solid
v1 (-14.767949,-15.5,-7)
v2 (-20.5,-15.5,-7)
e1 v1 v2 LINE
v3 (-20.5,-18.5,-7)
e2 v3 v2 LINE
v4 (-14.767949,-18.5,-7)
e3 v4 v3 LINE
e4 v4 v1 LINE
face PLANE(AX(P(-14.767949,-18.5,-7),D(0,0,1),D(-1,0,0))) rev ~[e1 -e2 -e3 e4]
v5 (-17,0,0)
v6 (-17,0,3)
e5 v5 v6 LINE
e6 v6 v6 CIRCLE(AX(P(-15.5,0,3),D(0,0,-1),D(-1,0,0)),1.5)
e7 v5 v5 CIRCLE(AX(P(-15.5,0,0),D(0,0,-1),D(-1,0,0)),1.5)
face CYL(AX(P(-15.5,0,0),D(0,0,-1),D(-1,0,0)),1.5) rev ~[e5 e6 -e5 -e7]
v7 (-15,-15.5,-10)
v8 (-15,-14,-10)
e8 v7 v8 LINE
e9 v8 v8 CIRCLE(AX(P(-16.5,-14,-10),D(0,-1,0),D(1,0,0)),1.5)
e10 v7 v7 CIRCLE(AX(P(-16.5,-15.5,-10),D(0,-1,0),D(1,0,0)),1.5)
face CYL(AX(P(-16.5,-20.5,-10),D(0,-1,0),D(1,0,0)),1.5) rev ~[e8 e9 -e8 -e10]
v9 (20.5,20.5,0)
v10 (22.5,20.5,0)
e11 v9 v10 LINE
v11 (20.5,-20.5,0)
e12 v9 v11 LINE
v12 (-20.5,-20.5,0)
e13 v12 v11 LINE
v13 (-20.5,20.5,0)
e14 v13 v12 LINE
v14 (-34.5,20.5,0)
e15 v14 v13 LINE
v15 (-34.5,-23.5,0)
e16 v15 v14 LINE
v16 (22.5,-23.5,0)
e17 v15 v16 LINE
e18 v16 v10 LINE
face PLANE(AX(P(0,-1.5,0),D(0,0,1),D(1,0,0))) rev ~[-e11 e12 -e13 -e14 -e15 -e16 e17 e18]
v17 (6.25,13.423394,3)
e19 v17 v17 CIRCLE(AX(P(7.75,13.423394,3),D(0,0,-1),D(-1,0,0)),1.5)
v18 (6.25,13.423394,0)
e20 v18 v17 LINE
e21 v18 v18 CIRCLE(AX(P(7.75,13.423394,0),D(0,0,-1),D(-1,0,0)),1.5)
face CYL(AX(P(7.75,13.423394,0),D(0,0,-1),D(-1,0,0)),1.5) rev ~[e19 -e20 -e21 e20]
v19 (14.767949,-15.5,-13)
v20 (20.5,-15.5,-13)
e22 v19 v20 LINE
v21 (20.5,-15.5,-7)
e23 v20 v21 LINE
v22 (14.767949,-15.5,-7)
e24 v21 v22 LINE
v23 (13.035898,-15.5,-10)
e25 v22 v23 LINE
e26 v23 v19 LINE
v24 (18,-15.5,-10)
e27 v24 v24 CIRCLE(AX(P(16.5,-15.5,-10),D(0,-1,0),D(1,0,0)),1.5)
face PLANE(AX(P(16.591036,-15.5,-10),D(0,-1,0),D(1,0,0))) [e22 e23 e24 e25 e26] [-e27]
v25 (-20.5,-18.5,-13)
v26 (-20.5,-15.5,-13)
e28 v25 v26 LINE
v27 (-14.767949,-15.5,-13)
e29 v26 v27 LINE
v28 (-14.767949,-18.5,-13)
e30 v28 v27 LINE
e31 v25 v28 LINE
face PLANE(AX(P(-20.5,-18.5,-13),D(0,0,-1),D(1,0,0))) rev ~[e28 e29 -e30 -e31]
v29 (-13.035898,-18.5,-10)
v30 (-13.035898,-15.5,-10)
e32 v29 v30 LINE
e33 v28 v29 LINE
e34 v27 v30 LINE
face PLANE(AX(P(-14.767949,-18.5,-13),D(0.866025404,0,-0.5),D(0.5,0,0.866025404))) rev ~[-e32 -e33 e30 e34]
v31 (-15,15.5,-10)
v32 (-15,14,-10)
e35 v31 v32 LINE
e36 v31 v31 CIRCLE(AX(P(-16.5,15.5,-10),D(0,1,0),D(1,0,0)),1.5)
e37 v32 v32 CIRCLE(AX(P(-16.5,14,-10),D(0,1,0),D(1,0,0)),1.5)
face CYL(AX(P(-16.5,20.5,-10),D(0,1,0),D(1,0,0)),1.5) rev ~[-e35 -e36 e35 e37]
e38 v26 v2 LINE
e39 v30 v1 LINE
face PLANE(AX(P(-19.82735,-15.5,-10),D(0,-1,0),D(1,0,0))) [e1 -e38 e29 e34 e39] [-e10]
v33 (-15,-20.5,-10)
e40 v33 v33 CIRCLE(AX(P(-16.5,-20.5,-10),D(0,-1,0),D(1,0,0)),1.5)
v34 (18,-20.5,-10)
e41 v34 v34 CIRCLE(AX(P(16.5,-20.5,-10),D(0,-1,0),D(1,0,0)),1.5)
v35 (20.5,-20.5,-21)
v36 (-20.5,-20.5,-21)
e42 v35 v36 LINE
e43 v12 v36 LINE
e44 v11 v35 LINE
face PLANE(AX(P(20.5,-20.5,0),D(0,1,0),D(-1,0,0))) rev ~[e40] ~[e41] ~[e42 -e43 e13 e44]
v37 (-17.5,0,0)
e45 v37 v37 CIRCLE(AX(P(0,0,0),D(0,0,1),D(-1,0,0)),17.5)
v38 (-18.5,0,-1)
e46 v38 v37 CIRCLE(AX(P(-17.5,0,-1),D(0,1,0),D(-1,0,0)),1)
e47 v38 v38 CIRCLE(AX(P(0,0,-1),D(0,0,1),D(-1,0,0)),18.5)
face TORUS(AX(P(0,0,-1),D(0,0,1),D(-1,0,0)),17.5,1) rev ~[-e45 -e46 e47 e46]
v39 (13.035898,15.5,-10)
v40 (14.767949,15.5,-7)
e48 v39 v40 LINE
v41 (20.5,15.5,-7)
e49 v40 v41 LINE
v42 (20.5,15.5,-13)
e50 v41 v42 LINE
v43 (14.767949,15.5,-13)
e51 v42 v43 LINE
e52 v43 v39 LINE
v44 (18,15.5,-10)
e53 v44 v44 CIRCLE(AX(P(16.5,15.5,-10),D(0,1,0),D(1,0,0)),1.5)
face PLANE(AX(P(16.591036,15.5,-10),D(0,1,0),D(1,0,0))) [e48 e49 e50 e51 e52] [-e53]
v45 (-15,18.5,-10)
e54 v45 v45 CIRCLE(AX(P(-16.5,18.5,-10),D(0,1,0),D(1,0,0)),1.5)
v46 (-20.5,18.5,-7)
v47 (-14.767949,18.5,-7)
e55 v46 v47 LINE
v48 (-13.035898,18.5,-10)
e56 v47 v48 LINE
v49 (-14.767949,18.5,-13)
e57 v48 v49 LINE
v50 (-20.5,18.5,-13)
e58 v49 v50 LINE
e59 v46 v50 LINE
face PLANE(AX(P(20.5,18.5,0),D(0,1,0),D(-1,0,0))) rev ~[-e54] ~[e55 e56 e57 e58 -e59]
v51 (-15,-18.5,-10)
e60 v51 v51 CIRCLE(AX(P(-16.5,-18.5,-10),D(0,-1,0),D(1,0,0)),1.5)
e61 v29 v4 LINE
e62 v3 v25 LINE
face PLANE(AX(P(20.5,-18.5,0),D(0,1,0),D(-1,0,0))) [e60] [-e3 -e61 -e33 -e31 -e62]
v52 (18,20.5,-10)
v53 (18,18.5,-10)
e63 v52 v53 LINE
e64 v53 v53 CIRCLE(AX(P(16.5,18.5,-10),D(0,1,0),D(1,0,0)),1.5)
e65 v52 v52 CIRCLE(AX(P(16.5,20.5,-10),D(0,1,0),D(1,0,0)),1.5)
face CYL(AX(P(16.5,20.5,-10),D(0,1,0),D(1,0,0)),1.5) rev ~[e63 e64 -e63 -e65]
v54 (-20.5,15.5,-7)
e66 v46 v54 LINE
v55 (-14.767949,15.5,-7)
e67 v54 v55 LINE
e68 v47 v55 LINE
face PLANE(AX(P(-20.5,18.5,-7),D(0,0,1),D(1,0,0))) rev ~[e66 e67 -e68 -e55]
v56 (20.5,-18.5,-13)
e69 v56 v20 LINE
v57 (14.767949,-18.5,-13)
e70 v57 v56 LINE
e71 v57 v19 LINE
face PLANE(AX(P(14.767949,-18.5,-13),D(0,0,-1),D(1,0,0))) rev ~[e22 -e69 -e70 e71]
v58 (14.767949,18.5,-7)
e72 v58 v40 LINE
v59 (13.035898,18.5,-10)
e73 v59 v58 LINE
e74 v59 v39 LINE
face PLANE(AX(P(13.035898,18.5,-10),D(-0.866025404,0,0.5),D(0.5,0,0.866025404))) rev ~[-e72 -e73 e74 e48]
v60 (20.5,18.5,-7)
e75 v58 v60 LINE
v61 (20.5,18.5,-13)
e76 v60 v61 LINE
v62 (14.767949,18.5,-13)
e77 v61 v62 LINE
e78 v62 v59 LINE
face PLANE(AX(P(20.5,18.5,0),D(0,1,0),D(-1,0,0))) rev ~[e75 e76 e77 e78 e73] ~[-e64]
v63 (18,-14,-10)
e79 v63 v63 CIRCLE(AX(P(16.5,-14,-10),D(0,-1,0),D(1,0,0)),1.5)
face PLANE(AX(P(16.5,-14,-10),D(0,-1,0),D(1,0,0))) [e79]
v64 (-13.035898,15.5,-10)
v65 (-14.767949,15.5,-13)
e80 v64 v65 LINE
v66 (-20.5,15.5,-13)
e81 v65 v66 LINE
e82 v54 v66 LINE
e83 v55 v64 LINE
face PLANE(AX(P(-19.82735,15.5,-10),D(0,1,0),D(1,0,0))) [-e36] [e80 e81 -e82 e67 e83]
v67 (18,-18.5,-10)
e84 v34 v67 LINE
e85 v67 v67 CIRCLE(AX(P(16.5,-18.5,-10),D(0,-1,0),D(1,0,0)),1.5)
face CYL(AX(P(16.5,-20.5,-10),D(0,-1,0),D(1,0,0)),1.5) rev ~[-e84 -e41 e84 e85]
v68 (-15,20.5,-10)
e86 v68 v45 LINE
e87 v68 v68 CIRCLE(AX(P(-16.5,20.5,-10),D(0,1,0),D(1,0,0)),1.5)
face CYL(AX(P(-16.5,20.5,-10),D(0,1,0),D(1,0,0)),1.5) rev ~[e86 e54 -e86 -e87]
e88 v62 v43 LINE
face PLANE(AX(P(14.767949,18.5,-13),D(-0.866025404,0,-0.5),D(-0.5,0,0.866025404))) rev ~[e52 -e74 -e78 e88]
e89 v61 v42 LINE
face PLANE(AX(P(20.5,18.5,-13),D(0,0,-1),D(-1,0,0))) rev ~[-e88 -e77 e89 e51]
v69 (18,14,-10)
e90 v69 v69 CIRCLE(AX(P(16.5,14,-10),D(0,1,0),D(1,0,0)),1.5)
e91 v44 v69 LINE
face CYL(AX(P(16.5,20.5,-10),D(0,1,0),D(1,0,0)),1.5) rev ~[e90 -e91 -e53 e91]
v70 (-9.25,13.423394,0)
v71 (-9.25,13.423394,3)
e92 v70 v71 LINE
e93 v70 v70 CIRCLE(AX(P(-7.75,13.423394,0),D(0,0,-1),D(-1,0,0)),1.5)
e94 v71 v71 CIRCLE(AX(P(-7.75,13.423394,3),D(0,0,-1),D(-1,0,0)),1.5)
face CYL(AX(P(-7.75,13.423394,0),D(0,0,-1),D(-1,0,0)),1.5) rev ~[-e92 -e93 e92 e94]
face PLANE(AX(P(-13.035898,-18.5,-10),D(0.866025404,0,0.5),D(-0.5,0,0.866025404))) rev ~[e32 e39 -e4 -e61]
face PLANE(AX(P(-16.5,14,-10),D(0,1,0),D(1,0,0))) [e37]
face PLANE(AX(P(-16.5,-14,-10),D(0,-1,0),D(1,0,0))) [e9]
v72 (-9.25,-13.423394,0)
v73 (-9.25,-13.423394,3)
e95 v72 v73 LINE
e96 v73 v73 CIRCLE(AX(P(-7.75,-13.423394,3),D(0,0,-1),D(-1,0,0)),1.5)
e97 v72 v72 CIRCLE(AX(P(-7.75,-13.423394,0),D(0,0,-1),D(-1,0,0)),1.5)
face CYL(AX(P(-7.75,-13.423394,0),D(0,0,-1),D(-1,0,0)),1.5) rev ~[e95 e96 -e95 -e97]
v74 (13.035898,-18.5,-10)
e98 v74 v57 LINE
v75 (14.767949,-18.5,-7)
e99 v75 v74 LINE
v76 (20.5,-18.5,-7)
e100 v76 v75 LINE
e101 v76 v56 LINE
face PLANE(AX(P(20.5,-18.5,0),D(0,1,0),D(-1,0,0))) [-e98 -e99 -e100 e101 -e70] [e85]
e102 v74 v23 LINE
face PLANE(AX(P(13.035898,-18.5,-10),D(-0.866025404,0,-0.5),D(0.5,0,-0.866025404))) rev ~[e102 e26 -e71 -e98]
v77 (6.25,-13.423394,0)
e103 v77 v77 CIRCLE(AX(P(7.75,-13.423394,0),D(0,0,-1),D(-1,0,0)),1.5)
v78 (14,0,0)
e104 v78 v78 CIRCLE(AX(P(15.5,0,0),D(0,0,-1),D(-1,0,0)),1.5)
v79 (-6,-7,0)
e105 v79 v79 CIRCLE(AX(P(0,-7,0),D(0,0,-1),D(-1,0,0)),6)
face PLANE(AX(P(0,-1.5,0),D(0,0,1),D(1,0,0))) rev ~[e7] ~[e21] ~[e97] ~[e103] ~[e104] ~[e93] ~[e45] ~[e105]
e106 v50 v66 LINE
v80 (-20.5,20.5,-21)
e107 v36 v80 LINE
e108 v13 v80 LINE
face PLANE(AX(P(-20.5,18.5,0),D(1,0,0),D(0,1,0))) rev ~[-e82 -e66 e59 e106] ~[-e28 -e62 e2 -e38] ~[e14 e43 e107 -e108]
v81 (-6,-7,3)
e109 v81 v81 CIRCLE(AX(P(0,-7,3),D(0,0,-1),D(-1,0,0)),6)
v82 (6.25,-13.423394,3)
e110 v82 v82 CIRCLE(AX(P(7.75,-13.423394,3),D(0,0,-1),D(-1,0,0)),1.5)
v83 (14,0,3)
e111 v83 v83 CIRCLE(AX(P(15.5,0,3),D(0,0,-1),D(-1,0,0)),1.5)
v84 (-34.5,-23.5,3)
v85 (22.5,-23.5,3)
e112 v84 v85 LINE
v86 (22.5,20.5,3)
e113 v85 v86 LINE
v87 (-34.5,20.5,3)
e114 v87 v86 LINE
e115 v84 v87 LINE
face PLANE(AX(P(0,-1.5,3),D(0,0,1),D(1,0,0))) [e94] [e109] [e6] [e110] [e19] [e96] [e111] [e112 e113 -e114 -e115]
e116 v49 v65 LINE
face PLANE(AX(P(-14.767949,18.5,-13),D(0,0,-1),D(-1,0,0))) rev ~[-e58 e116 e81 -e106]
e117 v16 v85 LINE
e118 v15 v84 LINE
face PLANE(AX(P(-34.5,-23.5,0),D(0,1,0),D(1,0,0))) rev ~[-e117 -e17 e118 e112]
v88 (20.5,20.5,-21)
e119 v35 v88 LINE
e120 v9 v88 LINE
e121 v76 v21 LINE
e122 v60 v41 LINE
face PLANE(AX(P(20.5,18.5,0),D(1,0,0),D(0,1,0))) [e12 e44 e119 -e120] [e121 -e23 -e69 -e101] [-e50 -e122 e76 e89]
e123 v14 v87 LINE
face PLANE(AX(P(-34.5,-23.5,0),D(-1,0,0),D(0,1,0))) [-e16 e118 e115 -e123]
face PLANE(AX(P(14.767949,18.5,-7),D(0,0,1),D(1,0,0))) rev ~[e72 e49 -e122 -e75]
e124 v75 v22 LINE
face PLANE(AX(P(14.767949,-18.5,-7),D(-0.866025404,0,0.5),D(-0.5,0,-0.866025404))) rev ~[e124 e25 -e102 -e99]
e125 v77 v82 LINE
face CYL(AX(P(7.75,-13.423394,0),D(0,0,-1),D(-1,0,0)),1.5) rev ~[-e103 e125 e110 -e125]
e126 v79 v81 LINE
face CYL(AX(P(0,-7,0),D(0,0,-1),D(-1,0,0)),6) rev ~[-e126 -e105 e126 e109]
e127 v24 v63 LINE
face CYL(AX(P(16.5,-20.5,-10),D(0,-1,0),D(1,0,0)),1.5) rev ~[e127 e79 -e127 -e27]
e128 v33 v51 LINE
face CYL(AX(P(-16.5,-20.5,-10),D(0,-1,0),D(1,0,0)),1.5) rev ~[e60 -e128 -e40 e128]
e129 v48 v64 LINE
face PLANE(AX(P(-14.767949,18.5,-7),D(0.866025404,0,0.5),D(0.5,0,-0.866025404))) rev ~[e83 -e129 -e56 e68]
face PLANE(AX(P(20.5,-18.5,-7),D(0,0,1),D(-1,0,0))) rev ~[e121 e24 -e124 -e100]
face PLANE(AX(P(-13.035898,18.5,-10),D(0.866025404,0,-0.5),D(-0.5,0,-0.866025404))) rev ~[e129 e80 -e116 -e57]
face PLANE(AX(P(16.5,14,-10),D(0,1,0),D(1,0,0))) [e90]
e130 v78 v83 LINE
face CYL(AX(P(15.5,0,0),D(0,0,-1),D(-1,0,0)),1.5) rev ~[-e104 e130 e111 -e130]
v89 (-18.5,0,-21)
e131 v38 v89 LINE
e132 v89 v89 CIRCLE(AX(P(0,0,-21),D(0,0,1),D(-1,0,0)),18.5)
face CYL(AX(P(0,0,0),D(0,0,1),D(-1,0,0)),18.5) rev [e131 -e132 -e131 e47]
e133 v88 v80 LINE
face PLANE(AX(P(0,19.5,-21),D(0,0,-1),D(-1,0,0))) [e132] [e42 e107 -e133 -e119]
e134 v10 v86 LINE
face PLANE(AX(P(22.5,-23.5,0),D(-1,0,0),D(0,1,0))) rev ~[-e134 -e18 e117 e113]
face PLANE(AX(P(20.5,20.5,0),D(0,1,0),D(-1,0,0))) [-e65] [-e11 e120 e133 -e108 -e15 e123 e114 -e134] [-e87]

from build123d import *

# Parameters (mm, degrees)
SKETCH_1_W             = 69
SKETCH_1_H             = 44
EXTRUDE_624_DEPTH      = 3
SKETCH_2_R             = 1.5
SKETCH_2_R_2           = 6
CUT_EXTRUDE_837_DEPTH  = 3
SKETCH_4_R             = 20.5
SKETCH_4_R_2           = 18.5
EXTRUDE_1079_DEPTH     = 21
EXTRUDE_1525_DEPTH     = 21
SKETCH_20_W            = 1.345299462
SKETCH_20_H            = 6
CUT_EXTRUDE_2290_DEPTH = 3
SKETCH_21_W            = 1.345299462
SKETCH_21_H            = 6
CUT_EXTRUDE_2993_DEPTH = 3
SKETCH_11_W            = 41
SKETCH_11_H            = 2
EXTRUDE_3369_DEPTH     = 21
SKETCH_16_R            = 1.5
CUT_EXTRUDE_3664_DEPTH = 6.5
SKETCH_17_R            = 1.5
CUT_EXTRUDE_4007_DEPTH = 6.5
SKETCH_22_W            = 12
SKETCH_22_H            = 44
CUT_EXTRUDE_4241_DEPTH = 3
FILLET_1_R             = 1


with BuildPart() as part:
    # 草图1 → Extrude 624 (new body)
    with BuildSketch(Plane.XY):
        with Locations((0, -1.5)):
            Rectangle(SKETCH_1_W, SKETCH_1_H)
    extrude(amount=EXTRUDE_624_DEPTH)

    # 草图2 → Cut-Extrude 837 (cut)
    with BuildSketch(Plane(origin=(0, 0, 0), x_dir=(-1, 0, 0), z_dir=(0, 0, -1))):
        with Locations((-15.5, 0)):
            Circle(SKETCH_2_R)
        with Locations((-7.75, 13.423393759)):
            Circle(SKETCH_2_R)
        with Locations((7.75, 13.423393759)):
            Circle(SKETCH_2_R)
        with Locations((15.5, 0)):
            Circle(SKETCH_2_R)
        with Locations((7.75, -13.423393759)):
            Circle(SKETCH_2_R)
        with Locations((-7.75, -13.423393759)):
            Circle(SKETCH_2_R)
        with Locations((0, -7)):
            Circle(SKETCH_2_R_2)
    extrude(amount=-CUT_EXTRUDE_837_DEPTH, mode=Mode.SUBTRACT)

    # 草图4 → Extrude 1079 (add)
    with BuildSketch(Plane(origin=(0, 0, 0), x_dir=(-1, 0, 0), z_dir=(0, 0, -1))):
        Circle(SKETCH_4_R)
        Circle(SKETCH_4_R_2, mode=Mode.SUBTRACT)
    extrude(amount=EXTRUDE_1079_DEPTH)

    # 草图13 → Extrude 1525 (add)
    with BuildSketch(Plane(origin=(0, 0, 0), x_dir=(-1, 0, 0), z_dir=(0, 0, -1))):
        with BuildLine():
            Line((-20.5, 18.5), (-20.5, -3.7e-08))
            ThreePointArc((-20.5, -3.7e-08), (-17.339277644, 10.936153381), (-8.831760866, 18.5))
            Line((-8.831760866, 18.5), (-20.5, 18.5))
        make_face()
        with BuildLine():
            Line((-20.5, -18.5), (-8.831760866, -18.5))
            ThreePointArc((-8.831760866, -18.5), (-17.339277624, -10.936153413), (-20.5, -3.7e-08))
            Line((-20.5, -3.7e-08), (-20.5, -18.5))
        make_face()
        with BuildLine():
            Line((8.831760866, -18.5), (20.5, -18.5))
            Line((20.5, -18.5), (20.5, 0))
            ThreePointArc((20.5, 0), (17.339277634, -10.936153397), (8.831760866, -18.5))
        make_face()
        with BuildLine():
            ThreePointArc((8.831760866, 18.5), (17.339277634, 10.936153397), (20.5, 0))
            Line((20.5, 0), (20.5, 18.5))
            Line((20.5, 18.5), (8.831760866, 18.5))
        make_face()
    extrude(amount=EXTRUDE_1525_DEPTH)

    # 草图20 → Cut-Extrude 2290 (cut)
    with BuildSketch(Plane.XZ.offset(18.5)):
        Polygon((19.154700538, -11.401923789), (19.154700538, -7), (18.232050808, -7), (14.767949192, -7), (13.035898385, -10), (14.767949192, -13), (19.154700538, -13), align=None)
        Polygon((20.5, -7), (19.154700538, -7), (19.154700538, -11.401923789), (20.5, -9.07179677), align=None)
        Polygon((20.5, -9.07179677), (19.154700538, -11.401923789), (19.154700538, -13), (20.5, -13), align=None)
        with Locations((-19.827350269, -10)):
            Rectangle(SKETCH_20_W, SKETCH_20_H)
        Polygon((-14.767949192, -7), (-19.154700538, -7), (-19.154700538, -13), (-14.767949192, -13), (-13.035898385, -10), align=None)
    extrude(amount=-CUT_EXTRUDE_2290_DEPTH, mode=Mode.SUBTRACT)

    # 草图21 → Cut-Extrude 2993 (cut)
    with BuildSketch(Plane(origin=(0, 18.5, 0), x_dir=(1, 0, 0), z_dir=(0, 1, 0))):
        Polygon((19.154700538, 8.598076211), (19.154700538, 13), (18.232050808, 13), (14.767949192, 13), (13.035898385, 10), (14.767949192, 7), (19.154700538, 7), align=None)
        Polygon((20.5, 13), (19.154700538, 13), (19.154700538, 8.598076211), (20.5, 10.92820323), align=None)
        Polygon((20.5, 10.92820323), (19.154700538, 8.598076211), (19.154700538, 7), (20.5, 7), align=None)
        with Locations((-19.827350269, 10)):
            Rectangle(SKETCH_21_W, SKETCH_21_H)
        Polygon((-14.767949192, 13), (-19.154700538, 13), (-19.154700538, 7), (-14.767949192, 7), (-13.035898385, 10), align=None)
    extrude(amount=-CUT_EXTRUDE_2993_DEPTH, mode=Mode.SUBTRACT)

    # 草图11 → Extrude 3369 (add)
    with BuildSketch(Plane(origin=(0, 0, 0), x_dir=(-1, 0, 0), z_dir=(0, 0, -1))):
        with Locations((0, 19.5)):
            Rectangle(SKETCH_11_W, SKETCH_11_H)
        with Locations((0, -19.5)):
            Rectangle(SKETCH_11_W, SKETCH_11_H)
    extrude(amount=EXTRUDE_3369_DEPTH)

    # 草图16 → Cut-Extrude 3664 (cut)
    with BuildSketch(Plane.XZ.offset(20.5)):
        with Locations((-16.5, -10)):
            Circle(SKETCH_16_R)
        with Locations((16.5, -10)):
            Circle(SKETCH_16_R)
    extrude(amount=-CUT_EXTRUDE_3664_DEPTH, mode=Mode.SUBTRACT)

    # 草图17 → Cut-Extrude 4007 (cut)
    with BuildSketch(Plane(origin=(0, 20.5, 0), x_dir=(1, 0, 0), z_dir=(0, 1, 0))):
        with Locations((-16.5, 10)):
            Circle(SKETCH_17_R)
        with Locations((16.5, 10)):
            Circle(SKETCH_17_R)
    extrude(amount=-CUT_EXTRUDE_4007_DEPTH, mode=Mode.SUBTRACT)

    # 草图22 → Cut-Extrude 4241 (cut)
    with BuildSketch(Plane(origin=(0, 0, 0), x_dir=(-1, 0, 0), z_dir=(0, 0, -1))):
        with Locations((-28.5, -1.5)):
            Rectangle(SKETCH_22_W, SKETCH_22_H)
    extrude(amount=-CUT_EXTRUDE_4241_DEPTH, mode=Mode.SUBTRACT)

    # 圆角1
    fillet_1_edges = [part.edges().sort_by_distance(p)[0] for p in [
        (18.5, 0, 0),
    ]]
    fillet(fillet_1_edges, radius=FILLET_1_R)


solid = part.part
